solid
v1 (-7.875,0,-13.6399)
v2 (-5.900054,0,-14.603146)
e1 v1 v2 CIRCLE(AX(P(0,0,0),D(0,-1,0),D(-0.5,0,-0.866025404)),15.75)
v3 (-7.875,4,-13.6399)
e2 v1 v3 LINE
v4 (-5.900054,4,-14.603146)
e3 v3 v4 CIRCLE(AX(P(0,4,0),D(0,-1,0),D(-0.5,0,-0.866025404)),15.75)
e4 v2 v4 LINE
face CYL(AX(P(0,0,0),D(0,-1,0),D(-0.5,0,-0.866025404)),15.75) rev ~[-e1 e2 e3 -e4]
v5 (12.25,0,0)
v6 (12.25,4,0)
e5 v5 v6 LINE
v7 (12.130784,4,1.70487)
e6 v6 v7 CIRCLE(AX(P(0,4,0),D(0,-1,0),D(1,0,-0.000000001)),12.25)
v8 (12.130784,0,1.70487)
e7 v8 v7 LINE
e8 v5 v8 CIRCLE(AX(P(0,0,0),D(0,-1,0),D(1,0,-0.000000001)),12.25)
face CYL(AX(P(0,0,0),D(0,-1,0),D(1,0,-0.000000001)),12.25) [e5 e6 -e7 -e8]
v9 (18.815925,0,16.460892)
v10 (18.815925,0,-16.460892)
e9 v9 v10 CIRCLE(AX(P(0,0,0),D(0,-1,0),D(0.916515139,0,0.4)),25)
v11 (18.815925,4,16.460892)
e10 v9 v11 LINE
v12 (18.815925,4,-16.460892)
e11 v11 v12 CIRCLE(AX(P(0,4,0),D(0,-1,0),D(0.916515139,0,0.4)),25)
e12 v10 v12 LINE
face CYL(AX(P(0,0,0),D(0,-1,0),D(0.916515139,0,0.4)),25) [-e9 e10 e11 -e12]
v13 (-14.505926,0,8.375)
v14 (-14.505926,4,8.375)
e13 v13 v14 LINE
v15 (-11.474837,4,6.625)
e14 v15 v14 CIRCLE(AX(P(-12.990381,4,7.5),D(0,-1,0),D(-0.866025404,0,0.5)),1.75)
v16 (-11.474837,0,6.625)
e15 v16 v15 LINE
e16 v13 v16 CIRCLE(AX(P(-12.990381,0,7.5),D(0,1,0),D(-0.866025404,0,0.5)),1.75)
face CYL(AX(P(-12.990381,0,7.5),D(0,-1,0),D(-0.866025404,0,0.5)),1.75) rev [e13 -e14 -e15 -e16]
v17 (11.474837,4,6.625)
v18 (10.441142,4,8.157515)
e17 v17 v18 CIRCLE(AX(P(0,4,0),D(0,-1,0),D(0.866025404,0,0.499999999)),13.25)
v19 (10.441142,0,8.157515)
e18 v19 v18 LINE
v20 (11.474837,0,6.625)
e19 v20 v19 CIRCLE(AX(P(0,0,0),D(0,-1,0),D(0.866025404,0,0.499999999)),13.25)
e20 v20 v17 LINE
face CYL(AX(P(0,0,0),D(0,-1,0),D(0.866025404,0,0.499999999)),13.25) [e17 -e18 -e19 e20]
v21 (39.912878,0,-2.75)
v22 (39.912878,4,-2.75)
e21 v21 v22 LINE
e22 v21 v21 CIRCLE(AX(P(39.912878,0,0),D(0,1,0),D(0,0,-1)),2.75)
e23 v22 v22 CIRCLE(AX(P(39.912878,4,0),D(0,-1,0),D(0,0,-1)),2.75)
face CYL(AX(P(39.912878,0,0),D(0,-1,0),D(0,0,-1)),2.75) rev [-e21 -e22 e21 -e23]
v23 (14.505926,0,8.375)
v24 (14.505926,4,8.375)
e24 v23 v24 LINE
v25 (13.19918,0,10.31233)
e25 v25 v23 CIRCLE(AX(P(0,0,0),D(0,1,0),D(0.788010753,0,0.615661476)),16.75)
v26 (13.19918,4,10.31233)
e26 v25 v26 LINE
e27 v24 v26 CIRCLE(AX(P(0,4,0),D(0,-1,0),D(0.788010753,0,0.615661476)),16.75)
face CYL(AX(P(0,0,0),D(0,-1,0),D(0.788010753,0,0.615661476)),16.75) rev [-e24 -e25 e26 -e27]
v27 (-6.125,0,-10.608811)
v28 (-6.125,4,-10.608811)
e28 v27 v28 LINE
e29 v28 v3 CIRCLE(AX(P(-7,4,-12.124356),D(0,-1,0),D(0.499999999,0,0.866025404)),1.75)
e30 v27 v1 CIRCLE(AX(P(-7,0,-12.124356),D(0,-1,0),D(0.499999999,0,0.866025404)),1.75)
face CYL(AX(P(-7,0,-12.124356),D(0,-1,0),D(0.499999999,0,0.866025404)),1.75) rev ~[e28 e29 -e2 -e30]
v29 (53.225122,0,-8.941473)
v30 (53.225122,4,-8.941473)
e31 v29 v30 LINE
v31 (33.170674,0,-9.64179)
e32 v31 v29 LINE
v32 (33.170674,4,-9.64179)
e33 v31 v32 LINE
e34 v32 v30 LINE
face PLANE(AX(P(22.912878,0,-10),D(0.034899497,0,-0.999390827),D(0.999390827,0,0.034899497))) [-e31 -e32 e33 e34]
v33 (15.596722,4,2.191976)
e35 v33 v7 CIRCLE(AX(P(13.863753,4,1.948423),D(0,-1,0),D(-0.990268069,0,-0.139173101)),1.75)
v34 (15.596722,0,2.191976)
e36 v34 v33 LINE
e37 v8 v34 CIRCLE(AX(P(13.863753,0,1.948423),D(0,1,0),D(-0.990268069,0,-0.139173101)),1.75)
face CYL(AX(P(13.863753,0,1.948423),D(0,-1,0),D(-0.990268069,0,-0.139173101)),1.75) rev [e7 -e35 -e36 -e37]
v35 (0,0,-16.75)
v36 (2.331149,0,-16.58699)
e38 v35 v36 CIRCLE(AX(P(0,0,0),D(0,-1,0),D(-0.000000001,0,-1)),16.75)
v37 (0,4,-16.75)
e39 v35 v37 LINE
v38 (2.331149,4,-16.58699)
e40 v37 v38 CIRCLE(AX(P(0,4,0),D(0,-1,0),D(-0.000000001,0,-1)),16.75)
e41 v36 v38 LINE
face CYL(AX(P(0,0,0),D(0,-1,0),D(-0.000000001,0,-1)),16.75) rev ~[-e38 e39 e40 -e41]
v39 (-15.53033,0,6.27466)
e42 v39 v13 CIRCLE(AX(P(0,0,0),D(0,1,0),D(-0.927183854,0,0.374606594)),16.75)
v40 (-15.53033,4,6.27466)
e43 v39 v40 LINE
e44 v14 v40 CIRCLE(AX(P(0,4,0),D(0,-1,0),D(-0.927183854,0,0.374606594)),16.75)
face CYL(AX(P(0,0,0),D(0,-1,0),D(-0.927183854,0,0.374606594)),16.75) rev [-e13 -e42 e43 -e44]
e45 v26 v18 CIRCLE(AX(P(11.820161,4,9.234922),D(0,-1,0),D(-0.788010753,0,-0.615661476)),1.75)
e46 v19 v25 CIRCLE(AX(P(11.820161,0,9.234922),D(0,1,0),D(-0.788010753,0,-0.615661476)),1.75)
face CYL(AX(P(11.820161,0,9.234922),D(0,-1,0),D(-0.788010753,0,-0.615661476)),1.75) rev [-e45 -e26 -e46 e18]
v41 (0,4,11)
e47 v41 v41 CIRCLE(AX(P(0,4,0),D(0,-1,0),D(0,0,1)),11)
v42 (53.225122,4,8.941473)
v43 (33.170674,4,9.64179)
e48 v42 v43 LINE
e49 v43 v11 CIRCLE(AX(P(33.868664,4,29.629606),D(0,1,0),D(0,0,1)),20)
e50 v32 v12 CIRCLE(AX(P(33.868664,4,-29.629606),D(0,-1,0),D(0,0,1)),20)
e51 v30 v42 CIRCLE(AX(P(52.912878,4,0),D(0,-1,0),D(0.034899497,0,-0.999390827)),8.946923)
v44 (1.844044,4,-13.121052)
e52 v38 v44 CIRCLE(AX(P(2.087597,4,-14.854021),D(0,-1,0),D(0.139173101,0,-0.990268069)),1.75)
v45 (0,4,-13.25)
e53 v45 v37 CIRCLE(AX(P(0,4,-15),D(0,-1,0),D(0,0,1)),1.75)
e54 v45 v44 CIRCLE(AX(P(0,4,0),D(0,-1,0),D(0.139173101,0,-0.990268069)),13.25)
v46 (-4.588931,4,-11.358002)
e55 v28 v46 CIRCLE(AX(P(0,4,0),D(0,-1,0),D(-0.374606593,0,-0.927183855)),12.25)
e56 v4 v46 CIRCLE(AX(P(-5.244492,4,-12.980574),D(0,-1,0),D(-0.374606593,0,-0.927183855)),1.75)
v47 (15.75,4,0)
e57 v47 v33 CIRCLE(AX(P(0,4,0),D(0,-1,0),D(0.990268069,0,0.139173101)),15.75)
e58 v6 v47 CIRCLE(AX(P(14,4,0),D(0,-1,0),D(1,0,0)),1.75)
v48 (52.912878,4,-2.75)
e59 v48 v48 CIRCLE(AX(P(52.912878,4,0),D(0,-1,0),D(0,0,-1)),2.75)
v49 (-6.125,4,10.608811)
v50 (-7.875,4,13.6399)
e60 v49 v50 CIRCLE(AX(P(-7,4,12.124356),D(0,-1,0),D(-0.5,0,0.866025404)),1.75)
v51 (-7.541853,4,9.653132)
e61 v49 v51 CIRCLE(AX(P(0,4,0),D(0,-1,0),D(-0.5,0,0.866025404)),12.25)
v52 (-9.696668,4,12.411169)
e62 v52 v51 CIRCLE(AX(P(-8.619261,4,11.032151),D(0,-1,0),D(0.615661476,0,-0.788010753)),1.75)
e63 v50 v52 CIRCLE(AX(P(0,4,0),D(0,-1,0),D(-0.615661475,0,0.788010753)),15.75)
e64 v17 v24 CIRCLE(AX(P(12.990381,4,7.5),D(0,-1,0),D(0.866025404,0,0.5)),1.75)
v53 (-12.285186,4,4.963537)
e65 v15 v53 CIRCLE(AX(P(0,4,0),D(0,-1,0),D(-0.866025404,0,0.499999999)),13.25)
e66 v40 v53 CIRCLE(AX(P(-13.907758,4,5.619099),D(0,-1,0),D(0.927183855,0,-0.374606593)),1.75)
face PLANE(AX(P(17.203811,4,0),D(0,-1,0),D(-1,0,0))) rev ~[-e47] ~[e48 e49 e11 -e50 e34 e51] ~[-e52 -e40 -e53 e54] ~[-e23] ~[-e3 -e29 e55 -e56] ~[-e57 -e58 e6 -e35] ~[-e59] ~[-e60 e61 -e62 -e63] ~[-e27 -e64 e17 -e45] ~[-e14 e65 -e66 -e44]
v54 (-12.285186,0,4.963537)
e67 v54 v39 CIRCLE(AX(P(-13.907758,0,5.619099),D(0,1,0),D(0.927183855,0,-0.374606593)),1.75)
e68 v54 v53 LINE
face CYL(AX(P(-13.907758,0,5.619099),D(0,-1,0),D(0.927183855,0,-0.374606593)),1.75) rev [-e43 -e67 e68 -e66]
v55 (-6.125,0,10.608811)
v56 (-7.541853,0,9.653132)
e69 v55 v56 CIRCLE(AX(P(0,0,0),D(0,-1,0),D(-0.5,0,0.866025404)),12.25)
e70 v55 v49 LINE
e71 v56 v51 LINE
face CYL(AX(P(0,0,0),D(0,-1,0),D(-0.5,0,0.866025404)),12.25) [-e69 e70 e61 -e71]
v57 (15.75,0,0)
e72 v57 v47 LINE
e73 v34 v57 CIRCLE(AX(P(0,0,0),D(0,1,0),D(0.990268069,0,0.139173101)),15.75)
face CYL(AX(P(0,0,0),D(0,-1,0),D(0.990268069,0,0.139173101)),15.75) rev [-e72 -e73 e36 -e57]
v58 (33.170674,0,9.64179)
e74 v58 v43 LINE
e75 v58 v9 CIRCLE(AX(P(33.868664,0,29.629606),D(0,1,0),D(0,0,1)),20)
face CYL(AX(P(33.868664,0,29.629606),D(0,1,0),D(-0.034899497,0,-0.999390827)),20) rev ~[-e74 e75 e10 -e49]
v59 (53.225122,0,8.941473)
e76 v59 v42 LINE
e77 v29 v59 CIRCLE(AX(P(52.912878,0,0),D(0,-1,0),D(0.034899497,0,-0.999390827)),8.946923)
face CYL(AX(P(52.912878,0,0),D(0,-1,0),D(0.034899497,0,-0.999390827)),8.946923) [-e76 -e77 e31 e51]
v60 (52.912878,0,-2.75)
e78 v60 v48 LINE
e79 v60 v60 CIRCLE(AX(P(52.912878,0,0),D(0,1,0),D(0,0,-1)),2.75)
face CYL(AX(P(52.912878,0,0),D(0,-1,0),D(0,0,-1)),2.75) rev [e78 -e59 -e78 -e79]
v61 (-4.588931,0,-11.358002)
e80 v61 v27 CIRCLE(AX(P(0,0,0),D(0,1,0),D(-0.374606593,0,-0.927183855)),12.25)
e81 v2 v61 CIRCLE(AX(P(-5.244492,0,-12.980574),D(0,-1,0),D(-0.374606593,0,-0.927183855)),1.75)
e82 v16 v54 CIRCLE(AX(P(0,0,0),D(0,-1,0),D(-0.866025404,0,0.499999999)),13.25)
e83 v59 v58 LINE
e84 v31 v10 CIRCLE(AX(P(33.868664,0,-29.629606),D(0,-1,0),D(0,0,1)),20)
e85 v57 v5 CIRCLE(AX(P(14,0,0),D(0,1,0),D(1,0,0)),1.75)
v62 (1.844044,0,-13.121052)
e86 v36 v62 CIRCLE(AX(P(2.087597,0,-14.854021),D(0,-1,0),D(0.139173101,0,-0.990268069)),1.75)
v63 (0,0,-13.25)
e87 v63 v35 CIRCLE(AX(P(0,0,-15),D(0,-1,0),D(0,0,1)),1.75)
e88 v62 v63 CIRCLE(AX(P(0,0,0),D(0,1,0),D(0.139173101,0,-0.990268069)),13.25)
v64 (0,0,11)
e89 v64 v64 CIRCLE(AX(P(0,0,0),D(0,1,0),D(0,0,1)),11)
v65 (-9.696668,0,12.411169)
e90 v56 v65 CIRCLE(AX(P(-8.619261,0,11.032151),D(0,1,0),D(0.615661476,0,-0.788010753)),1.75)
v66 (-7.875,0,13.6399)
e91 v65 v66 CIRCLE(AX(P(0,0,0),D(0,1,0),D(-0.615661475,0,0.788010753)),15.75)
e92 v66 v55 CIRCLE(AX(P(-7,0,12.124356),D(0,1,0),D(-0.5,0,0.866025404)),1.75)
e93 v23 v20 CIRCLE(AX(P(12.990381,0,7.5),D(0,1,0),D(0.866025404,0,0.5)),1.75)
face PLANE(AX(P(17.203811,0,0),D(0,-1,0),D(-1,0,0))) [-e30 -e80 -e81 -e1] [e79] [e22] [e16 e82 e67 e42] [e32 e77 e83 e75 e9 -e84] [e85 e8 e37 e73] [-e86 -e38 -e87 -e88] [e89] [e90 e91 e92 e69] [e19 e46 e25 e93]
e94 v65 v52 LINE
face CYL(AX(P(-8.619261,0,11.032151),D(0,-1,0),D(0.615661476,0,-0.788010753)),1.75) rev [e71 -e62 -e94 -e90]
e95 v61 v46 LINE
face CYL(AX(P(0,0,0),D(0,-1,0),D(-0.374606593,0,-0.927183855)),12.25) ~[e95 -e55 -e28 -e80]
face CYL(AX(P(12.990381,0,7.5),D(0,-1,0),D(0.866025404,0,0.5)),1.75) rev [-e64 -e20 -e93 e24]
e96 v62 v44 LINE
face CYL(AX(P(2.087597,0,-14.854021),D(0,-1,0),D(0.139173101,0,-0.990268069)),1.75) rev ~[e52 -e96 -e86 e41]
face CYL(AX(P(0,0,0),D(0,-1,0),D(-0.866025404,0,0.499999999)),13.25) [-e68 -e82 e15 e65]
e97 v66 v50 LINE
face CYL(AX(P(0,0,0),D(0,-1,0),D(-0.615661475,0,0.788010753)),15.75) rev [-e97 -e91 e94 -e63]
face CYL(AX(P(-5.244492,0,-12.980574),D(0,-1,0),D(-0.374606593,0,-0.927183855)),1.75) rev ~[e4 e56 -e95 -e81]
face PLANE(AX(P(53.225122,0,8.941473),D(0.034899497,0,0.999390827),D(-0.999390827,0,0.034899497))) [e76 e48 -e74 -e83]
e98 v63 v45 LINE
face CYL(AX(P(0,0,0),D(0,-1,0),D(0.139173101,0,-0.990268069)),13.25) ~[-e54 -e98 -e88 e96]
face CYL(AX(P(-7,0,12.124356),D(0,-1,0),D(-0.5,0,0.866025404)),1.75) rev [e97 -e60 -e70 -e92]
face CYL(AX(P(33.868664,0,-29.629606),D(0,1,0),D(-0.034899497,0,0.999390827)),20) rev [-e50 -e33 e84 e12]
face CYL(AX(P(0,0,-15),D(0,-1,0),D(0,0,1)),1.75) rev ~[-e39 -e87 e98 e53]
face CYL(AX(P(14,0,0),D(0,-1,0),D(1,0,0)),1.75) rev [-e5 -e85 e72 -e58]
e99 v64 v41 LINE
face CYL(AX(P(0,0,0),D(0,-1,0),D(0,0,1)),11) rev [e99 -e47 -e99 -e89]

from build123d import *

# Parameters (mm, degrees)
BOSS_EXTRUDE1_DEPTH = 4
FILLET1_R           = 20
SKETCH1_R           = 11
SKETCH1_R_2         = 2.75
CUT_EXTRUDE3_DEPTH  = 131.855321132


with BuildPart() as part:
    # Sketch3 → Boss-Extrude1 (new body)
    with BuildSketch(Plane(origin=(0, 0, 0), x_dir=(1, 0, 0), z_dir=(0, 1, 0))):
        with BuildLine():
            Line((22.912878475, 10), (53.225121597, 8.941473145))
            ThreePointArc((53.225121597, 8.941473145), (61.859801844, 0), (53.225121597, -8.941473145))
            Line((53.225121597, -8.941473145), (22.912878475, -10))
            ThreePointArc((22.912878475, -10), (-25, 0), (22.912878475, 10))
        make_face()
    extrude(amount=BOSS_EXTRUDE1_DEPTH)

    # Fillet1
    fillet1_edges = [part.edges().sort_by_distance(p)[0] for p in [
        (22.912878475, 2, -10),
        (22.912878475, 2, 10),
    ]]
    fillet(fillet1_edges, radius=FILLET1_R)

    # Sketch1 → Cut-Extrude3 (cut, through all)
    with BuildSketch(Plane(origin=(103.38268991, 0, 0), x_dir=(1, 0, 0), z_dir=(0, 1, 0))):
        with Locations(Location((-103.38268991, 0, 0), (0, 0, 270))):
            Circle(SKETCH1_R)
        with Locations(Location((-63.469811435, 0, 0), (0, 0, 90))):
            Circle(SKETCH1_R_2)
        with Locations(Location((-50.469811435, 0, 0), (0, 0, 90))):
            Circle(SKETCH1_R_2)
        with BuildLine():
            ThreePointArc((-111.25768991, 13.63990011), (-110.287035472, 14.156006229), (-109.282743756, 14.603145709))
            ThreePointArc((-109.282743756, 14.603145709), (-107.004610472, 13.636135502), (-107.971620679, 11.358002218))
            ThreePointArc((-107.971620679, 11.358002218), (-108.752736458, 11.010227067), (-109.50768991, 10.608811196))
            ThreePointArc((-109.50768991, 10.608811196), (-111.898234366, 11.249355653), (-111.25768991, 13.63990011))
        make_face()
        with BuildLine():
            ThreePointArc((-101.538646322, 13.121051911), (-102.458416633, 13.217723666), (-103.38268991, 13.25))
            ThreePointArc((-103.38268991, 13.25), (-105.13268991, 15), (-103.38268991, 16.75))
            ThreePointArc((-103.38268991, 16.75), (-102.214268974, 16.709197842), (-101.051540469, 16.586990151))
            ThreePointArc((-101.051540469, 16.586990151), (-99.562124275, 14.610468104), (-101.538646322, 13.121051911))
        make_face()
        with BuildLine():
            ThreePointArc((-87.63268991, 0), (-89.38268991, 1.75), (-91.13268991, 0))
            ThreePointArc((-91.13268991, 0), (-91.162530294, -0.854516803), (-91.251906068, -1.704870487))
            ThreePointArc((-91.251906068, -1.704870487), (-89.762489874, -3.681392534), (-87.785967827, -2.19197634))
            ThreePointArc((-87.785967827, -2.19197634), (-87.671056118, -1.098664461), (-87.63268991, 0))
        make_face()
        with BuildLine():
            ThreePointArc((-92.941547424, -8.157514548), (-92.639936187, -10.613940949), (-90.183509787, -10.312329712))
            ThreePointArc((-90.183509787, -10.312329712), (-89.496310569, -9.366481133), (-88.876764396, -8.375))
            ThreePointArc((-88.876764396, -8.375), (-89.517308853, -5.984455543), (-91.90785331, -6.625))
            ThreePointArc((-91.90785331, -6.625), (-92.397942073, -7.409305971), (-92.941547424, -8.157514548))
        make_face()
        with BuildLine():
            ThreePointArc((-111.25768991, -13.63990011), (-108.867145453, -12.999355653), (-109.50768991, -10.608811196))
            ThreePointArc((-109.50768991, -10.608811196), (-110.232802977, -10.155710264), (-110.924542982, -9.653131732))
            ThreePointArc((-110.924542982, -9.653131732), (-113.380969383, -9.954742969), (-113.079358146, -12.411169369))
            ThreePointArc((-113.079358146, -12.411169369), (-112.189978139, -13.057341768), (-111.25768991, -13.63990011))
        make_face()
        with BuildLine():
            ThreePointArc((-115.667875983, -4.963537363), (-117.946009267, -3.996527156), (-118.913019474, -6.27466044))
            ThreePointArc((-118.913019474, -6.27466044), (-118.437490185, -7.342716709), (-117.888615423, -8.375))
            ThreePointArc((-117.888615423, -8.375), (-115.498070966, -9.015544457), (-114.85752651, -6.625))
            ThreePointArc((-114.85752651, -6.625), (-115.291711023, -5.808417695), (-115.667875983, -4.963537363))
        make_face()
    extrude(amount=CUT_EXTRUDE3_DEPTH, mode=Mode.SUBTRACT)


solid = part.part
